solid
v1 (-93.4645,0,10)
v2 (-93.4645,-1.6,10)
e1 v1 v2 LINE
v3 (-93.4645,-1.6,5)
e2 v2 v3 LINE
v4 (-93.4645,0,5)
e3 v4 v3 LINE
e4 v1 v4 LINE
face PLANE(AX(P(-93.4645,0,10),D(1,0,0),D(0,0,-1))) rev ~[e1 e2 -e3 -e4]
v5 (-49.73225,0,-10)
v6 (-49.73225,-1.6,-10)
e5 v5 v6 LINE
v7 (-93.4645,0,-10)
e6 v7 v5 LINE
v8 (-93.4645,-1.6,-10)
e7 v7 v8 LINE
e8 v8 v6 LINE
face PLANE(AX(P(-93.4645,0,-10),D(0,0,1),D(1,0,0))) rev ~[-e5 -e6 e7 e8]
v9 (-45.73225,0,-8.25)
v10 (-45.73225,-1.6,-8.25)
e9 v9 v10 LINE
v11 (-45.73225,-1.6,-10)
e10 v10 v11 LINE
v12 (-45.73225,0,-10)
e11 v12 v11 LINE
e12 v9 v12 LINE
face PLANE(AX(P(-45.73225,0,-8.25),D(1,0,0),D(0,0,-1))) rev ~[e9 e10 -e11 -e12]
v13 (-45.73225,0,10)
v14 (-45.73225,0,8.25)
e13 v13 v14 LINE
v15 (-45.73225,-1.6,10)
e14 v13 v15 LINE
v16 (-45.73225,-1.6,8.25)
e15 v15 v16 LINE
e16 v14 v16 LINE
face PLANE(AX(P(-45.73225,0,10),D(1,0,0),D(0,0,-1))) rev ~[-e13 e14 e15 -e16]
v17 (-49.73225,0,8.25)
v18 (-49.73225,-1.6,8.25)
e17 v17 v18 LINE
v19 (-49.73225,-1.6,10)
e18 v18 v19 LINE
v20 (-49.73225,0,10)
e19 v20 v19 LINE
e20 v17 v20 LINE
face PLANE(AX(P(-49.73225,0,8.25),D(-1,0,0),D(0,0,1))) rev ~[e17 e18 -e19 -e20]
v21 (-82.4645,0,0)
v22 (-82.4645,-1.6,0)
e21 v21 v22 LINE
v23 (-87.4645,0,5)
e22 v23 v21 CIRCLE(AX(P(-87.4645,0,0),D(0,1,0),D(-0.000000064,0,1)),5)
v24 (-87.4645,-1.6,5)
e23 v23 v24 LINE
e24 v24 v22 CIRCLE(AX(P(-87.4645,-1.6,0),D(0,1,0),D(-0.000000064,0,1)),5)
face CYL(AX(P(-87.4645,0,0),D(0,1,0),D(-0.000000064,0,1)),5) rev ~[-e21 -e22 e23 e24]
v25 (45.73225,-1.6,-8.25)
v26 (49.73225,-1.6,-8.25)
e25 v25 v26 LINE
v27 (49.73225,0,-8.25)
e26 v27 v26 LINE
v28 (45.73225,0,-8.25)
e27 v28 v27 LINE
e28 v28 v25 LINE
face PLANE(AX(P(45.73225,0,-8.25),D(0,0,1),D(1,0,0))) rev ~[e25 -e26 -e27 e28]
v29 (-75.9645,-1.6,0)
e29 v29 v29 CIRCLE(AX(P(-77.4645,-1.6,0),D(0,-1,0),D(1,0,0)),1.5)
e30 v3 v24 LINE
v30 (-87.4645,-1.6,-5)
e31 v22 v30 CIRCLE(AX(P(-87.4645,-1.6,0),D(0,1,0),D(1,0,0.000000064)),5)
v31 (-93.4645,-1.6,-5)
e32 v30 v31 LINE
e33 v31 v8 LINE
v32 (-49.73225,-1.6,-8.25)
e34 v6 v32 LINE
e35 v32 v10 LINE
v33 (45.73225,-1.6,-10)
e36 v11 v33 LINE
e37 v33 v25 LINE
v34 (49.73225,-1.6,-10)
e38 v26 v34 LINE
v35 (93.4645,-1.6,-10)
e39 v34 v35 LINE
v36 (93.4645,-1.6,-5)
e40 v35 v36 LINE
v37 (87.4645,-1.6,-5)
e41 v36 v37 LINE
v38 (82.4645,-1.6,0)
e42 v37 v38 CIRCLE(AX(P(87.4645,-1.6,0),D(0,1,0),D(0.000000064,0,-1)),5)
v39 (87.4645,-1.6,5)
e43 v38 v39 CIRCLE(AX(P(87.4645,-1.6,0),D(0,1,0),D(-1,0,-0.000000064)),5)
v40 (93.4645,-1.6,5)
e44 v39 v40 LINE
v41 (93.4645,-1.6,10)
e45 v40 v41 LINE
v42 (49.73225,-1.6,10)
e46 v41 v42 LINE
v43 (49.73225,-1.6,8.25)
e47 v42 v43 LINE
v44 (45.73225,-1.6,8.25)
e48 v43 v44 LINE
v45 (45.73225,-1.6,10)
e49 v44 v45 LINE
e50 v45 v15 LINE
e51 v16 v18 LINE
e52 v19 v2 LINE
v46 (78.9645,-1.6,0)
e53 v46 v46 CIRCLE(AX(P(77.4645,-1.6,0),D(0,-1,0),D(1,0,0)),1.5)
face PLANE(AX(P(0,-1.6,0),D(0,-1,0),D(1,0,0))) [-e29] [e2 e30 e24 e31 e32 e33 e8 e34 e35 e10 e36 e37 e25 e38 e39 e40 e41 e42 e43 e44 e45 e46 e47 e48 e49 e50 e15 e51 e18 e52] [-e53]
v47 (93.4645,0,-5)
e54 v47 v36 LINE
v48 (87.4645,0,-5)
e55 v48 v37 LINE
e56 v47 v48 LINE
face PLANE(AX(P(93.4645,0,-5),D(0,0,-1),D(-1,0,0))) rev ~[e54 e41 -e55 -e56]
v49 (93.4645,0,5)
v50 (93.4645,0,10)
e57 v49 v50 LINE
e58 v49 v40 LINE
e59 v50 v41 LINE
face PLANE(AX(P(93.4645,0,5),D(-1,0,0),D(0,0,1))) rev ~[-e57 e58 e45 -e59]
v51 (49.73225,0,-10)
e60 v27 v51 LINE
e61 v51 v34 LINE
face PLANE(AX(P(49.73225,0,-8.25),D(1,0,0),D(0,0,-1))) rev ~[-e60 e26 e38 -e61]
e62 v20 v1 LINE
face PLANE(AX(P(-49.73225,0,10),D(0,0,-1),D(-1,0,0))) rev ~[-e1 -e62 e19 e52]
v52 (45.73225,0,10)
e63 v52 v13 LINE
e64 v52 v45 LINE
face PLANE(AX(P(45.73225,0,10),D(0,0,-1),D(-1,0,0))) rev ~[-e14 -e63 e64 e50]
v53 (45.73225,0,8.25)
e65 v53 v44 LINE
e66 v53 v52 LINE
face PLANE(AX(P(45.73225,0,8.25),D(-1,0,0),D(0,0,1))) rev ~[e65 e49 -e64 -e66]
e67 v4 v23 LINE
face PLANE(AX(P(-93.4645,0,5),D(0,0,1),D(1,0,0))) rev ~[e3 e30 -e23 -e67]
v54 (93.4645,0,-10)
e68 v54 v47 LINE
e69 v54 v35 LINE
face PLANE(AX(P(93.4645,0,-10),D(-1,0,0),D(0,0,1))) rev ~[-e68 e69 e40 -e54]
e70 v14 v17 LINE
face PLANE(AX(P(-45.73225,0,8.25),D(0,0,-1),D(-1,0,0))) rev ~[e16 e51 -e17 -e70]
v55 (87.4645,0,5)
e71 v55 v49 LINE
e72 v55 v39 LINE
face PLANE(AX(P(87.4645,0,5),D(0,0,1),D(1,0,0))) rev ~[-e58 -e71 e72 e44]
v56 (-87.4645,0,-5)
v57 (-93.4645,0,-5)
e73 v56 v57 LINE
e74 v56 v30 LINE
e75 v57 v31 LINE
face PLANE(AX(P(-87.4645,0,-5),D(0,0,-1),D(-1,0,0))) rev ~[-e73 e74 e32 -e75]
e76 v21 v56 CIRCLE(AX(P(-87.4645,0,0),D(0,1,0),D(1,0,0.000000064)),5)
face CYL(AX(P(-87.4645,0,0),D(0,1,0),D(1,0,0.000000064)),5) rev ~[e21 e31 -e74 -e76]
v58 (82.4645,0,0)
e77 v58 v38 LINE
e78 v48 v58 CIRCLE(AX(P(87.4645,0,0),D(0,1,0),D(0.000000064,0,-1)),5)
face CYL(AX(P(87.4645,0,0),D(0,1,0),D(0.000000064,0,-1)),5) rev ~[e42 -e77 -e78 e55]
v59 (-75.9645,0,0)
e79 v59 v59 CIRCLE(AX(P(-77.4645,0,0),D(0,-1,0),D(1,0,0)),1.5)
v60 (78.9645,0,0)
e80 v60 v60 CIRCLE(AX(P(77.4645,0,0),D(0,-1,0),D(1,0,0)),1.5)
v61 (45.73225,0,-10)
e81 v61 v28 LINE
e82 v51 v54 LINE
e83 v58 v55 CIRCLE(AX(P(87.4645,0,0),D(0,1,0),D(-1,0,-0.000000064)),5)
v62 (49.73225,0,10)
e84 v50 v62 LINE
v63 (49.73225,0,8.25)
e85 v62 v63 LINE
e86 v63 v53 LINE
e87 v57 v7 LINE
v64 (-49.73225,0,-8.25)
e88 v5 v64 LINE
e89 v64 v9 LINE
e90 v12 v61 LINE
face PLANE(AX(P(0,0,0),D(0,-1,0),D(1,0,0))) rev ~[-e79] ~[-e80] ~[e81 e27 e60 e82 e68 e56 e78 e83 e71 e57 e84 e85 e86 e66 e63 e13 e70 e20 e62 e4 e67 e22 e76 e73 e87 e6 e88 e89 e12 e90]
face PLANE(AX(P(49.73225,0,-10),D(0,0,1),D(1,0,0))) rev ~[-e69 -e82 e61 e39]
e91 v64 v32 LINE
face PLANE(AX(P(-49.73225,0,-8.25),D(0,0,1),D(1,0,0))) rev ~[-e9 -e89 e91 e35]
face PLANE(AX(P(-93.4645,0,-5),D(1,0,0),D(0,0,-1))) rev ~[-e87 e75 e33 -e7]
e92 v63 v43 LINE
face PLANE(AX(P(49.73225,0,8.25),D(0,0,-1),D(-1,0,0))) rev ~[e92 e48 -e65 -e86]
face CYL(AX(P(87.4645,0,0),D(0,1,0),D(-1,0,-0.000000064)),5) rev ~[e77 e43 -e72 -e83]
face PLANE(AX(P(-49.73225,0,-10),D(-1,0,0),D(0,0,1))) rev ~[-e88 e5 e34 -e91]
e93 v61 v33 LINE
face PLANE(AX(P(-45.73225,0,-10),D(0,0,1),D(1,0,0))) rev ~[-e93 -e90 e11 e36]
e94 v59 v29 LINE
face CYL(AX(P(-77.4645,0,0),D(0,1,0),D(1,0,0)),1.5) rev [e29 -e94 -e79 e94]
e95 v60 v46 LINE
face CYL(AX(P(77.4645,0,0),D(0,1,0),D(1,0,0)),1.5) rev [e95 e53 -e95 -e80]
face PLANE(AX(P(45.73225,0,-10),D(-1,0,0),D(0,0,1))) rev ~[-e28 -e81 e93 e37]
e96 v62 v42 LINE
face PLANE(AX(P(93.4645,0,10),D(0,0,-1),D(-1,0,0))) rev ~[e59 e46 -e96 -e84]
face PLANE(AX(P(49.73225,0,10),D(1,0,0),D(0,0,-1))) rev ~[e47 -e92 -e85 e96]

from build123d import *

# Parameters (mm, degrees)
F0_R     = 1.5
F1_DEPTH = 1.6


with BuildPart() as f1:
    # F0 (on Front) → F1 (new body)
    with BuildSketch(Plane.XZ):
        with BuildLine():
            Line((-45.73225, 8.25), (-49.73225, 8.25))
            Line((-49.73225, 8.25), (-49.73225, 10))
            Line((-49.73225, 10), (-93.4645, 10))
            Line((-93.4645, 10), (-93.4645, 5))
            Line((-93.4645, 5), (-87.4645, 5))
            ThreePointArc((-87.4645, 5), (-83.928966, 3.535534), (-82.4645, 0))
            ThreePointArc((-82.4645, 0), (-83.928966, -3.535534), (-87.4645, -5))
            Line((-87.4645, -5), (-93.4645, -5))
            Line((-93.4645, -5), (-93.4645, -10))
            Line((-93.4645, -10), (-49.73225, -10))
            Line((-49.73225, -10), (-49.73225, -8.25))
            Line((-49.73225, -8.25), (-45.73225, -8.25))
            Line((-45.73225, -8.25), (-45.73225, -10))
            Line((-45.73225, -10), (0, -10))
            Line((0, -10), (45.73225, -10))
            Line((45.73225, -10), (45.73225, -8.25))
            Line((45.73225, -8.25), (49.73225, -8.25))
            Line((49.73225, -8.25), (49.73225, -10))
            Line((49.73225, -10), (93.4645, -10))
            Line((93.4645, -10), (93.4645, -5))
            Line((93.4645, -5), (87.4645, -5))
            ThreePointArc((87.4645, -5), (83.928966, -3.535534), (82.4645, 0))
            ThreePointArc((82.4645, 0), (83.928966, 3.535534), (87.4645, 5))
            Line((87.4645, 5), (93.4645, 5))
            Line((93.4645, 5), (93.4645, 10))
            Line((93.4645, 10), (49.73225, 10))
            Line((49.73225, 10), (49.73225, 8.25))
            Line((49.73225, 8.25), (45.73225, 8.25))
            Line((45.73225, 8.25), (45.73225, 10))
            Line((45.73225, 10), (0, 10))
            Line((0, 10), (-45.73225, 10))
            Line((-45.73225, 10), (-45.73225, 8.25))
        make_face()
        with Locations((-77.4645, 0)):
            Circle(F0_R, mode=Mode.SUBTRACT)
        with Locations((77.4645, 0)):
            Circle(F0_R, mode=Mode.SUBTRACT)
    extrude(amount=F1_DEPTH)


solid = f1.part
